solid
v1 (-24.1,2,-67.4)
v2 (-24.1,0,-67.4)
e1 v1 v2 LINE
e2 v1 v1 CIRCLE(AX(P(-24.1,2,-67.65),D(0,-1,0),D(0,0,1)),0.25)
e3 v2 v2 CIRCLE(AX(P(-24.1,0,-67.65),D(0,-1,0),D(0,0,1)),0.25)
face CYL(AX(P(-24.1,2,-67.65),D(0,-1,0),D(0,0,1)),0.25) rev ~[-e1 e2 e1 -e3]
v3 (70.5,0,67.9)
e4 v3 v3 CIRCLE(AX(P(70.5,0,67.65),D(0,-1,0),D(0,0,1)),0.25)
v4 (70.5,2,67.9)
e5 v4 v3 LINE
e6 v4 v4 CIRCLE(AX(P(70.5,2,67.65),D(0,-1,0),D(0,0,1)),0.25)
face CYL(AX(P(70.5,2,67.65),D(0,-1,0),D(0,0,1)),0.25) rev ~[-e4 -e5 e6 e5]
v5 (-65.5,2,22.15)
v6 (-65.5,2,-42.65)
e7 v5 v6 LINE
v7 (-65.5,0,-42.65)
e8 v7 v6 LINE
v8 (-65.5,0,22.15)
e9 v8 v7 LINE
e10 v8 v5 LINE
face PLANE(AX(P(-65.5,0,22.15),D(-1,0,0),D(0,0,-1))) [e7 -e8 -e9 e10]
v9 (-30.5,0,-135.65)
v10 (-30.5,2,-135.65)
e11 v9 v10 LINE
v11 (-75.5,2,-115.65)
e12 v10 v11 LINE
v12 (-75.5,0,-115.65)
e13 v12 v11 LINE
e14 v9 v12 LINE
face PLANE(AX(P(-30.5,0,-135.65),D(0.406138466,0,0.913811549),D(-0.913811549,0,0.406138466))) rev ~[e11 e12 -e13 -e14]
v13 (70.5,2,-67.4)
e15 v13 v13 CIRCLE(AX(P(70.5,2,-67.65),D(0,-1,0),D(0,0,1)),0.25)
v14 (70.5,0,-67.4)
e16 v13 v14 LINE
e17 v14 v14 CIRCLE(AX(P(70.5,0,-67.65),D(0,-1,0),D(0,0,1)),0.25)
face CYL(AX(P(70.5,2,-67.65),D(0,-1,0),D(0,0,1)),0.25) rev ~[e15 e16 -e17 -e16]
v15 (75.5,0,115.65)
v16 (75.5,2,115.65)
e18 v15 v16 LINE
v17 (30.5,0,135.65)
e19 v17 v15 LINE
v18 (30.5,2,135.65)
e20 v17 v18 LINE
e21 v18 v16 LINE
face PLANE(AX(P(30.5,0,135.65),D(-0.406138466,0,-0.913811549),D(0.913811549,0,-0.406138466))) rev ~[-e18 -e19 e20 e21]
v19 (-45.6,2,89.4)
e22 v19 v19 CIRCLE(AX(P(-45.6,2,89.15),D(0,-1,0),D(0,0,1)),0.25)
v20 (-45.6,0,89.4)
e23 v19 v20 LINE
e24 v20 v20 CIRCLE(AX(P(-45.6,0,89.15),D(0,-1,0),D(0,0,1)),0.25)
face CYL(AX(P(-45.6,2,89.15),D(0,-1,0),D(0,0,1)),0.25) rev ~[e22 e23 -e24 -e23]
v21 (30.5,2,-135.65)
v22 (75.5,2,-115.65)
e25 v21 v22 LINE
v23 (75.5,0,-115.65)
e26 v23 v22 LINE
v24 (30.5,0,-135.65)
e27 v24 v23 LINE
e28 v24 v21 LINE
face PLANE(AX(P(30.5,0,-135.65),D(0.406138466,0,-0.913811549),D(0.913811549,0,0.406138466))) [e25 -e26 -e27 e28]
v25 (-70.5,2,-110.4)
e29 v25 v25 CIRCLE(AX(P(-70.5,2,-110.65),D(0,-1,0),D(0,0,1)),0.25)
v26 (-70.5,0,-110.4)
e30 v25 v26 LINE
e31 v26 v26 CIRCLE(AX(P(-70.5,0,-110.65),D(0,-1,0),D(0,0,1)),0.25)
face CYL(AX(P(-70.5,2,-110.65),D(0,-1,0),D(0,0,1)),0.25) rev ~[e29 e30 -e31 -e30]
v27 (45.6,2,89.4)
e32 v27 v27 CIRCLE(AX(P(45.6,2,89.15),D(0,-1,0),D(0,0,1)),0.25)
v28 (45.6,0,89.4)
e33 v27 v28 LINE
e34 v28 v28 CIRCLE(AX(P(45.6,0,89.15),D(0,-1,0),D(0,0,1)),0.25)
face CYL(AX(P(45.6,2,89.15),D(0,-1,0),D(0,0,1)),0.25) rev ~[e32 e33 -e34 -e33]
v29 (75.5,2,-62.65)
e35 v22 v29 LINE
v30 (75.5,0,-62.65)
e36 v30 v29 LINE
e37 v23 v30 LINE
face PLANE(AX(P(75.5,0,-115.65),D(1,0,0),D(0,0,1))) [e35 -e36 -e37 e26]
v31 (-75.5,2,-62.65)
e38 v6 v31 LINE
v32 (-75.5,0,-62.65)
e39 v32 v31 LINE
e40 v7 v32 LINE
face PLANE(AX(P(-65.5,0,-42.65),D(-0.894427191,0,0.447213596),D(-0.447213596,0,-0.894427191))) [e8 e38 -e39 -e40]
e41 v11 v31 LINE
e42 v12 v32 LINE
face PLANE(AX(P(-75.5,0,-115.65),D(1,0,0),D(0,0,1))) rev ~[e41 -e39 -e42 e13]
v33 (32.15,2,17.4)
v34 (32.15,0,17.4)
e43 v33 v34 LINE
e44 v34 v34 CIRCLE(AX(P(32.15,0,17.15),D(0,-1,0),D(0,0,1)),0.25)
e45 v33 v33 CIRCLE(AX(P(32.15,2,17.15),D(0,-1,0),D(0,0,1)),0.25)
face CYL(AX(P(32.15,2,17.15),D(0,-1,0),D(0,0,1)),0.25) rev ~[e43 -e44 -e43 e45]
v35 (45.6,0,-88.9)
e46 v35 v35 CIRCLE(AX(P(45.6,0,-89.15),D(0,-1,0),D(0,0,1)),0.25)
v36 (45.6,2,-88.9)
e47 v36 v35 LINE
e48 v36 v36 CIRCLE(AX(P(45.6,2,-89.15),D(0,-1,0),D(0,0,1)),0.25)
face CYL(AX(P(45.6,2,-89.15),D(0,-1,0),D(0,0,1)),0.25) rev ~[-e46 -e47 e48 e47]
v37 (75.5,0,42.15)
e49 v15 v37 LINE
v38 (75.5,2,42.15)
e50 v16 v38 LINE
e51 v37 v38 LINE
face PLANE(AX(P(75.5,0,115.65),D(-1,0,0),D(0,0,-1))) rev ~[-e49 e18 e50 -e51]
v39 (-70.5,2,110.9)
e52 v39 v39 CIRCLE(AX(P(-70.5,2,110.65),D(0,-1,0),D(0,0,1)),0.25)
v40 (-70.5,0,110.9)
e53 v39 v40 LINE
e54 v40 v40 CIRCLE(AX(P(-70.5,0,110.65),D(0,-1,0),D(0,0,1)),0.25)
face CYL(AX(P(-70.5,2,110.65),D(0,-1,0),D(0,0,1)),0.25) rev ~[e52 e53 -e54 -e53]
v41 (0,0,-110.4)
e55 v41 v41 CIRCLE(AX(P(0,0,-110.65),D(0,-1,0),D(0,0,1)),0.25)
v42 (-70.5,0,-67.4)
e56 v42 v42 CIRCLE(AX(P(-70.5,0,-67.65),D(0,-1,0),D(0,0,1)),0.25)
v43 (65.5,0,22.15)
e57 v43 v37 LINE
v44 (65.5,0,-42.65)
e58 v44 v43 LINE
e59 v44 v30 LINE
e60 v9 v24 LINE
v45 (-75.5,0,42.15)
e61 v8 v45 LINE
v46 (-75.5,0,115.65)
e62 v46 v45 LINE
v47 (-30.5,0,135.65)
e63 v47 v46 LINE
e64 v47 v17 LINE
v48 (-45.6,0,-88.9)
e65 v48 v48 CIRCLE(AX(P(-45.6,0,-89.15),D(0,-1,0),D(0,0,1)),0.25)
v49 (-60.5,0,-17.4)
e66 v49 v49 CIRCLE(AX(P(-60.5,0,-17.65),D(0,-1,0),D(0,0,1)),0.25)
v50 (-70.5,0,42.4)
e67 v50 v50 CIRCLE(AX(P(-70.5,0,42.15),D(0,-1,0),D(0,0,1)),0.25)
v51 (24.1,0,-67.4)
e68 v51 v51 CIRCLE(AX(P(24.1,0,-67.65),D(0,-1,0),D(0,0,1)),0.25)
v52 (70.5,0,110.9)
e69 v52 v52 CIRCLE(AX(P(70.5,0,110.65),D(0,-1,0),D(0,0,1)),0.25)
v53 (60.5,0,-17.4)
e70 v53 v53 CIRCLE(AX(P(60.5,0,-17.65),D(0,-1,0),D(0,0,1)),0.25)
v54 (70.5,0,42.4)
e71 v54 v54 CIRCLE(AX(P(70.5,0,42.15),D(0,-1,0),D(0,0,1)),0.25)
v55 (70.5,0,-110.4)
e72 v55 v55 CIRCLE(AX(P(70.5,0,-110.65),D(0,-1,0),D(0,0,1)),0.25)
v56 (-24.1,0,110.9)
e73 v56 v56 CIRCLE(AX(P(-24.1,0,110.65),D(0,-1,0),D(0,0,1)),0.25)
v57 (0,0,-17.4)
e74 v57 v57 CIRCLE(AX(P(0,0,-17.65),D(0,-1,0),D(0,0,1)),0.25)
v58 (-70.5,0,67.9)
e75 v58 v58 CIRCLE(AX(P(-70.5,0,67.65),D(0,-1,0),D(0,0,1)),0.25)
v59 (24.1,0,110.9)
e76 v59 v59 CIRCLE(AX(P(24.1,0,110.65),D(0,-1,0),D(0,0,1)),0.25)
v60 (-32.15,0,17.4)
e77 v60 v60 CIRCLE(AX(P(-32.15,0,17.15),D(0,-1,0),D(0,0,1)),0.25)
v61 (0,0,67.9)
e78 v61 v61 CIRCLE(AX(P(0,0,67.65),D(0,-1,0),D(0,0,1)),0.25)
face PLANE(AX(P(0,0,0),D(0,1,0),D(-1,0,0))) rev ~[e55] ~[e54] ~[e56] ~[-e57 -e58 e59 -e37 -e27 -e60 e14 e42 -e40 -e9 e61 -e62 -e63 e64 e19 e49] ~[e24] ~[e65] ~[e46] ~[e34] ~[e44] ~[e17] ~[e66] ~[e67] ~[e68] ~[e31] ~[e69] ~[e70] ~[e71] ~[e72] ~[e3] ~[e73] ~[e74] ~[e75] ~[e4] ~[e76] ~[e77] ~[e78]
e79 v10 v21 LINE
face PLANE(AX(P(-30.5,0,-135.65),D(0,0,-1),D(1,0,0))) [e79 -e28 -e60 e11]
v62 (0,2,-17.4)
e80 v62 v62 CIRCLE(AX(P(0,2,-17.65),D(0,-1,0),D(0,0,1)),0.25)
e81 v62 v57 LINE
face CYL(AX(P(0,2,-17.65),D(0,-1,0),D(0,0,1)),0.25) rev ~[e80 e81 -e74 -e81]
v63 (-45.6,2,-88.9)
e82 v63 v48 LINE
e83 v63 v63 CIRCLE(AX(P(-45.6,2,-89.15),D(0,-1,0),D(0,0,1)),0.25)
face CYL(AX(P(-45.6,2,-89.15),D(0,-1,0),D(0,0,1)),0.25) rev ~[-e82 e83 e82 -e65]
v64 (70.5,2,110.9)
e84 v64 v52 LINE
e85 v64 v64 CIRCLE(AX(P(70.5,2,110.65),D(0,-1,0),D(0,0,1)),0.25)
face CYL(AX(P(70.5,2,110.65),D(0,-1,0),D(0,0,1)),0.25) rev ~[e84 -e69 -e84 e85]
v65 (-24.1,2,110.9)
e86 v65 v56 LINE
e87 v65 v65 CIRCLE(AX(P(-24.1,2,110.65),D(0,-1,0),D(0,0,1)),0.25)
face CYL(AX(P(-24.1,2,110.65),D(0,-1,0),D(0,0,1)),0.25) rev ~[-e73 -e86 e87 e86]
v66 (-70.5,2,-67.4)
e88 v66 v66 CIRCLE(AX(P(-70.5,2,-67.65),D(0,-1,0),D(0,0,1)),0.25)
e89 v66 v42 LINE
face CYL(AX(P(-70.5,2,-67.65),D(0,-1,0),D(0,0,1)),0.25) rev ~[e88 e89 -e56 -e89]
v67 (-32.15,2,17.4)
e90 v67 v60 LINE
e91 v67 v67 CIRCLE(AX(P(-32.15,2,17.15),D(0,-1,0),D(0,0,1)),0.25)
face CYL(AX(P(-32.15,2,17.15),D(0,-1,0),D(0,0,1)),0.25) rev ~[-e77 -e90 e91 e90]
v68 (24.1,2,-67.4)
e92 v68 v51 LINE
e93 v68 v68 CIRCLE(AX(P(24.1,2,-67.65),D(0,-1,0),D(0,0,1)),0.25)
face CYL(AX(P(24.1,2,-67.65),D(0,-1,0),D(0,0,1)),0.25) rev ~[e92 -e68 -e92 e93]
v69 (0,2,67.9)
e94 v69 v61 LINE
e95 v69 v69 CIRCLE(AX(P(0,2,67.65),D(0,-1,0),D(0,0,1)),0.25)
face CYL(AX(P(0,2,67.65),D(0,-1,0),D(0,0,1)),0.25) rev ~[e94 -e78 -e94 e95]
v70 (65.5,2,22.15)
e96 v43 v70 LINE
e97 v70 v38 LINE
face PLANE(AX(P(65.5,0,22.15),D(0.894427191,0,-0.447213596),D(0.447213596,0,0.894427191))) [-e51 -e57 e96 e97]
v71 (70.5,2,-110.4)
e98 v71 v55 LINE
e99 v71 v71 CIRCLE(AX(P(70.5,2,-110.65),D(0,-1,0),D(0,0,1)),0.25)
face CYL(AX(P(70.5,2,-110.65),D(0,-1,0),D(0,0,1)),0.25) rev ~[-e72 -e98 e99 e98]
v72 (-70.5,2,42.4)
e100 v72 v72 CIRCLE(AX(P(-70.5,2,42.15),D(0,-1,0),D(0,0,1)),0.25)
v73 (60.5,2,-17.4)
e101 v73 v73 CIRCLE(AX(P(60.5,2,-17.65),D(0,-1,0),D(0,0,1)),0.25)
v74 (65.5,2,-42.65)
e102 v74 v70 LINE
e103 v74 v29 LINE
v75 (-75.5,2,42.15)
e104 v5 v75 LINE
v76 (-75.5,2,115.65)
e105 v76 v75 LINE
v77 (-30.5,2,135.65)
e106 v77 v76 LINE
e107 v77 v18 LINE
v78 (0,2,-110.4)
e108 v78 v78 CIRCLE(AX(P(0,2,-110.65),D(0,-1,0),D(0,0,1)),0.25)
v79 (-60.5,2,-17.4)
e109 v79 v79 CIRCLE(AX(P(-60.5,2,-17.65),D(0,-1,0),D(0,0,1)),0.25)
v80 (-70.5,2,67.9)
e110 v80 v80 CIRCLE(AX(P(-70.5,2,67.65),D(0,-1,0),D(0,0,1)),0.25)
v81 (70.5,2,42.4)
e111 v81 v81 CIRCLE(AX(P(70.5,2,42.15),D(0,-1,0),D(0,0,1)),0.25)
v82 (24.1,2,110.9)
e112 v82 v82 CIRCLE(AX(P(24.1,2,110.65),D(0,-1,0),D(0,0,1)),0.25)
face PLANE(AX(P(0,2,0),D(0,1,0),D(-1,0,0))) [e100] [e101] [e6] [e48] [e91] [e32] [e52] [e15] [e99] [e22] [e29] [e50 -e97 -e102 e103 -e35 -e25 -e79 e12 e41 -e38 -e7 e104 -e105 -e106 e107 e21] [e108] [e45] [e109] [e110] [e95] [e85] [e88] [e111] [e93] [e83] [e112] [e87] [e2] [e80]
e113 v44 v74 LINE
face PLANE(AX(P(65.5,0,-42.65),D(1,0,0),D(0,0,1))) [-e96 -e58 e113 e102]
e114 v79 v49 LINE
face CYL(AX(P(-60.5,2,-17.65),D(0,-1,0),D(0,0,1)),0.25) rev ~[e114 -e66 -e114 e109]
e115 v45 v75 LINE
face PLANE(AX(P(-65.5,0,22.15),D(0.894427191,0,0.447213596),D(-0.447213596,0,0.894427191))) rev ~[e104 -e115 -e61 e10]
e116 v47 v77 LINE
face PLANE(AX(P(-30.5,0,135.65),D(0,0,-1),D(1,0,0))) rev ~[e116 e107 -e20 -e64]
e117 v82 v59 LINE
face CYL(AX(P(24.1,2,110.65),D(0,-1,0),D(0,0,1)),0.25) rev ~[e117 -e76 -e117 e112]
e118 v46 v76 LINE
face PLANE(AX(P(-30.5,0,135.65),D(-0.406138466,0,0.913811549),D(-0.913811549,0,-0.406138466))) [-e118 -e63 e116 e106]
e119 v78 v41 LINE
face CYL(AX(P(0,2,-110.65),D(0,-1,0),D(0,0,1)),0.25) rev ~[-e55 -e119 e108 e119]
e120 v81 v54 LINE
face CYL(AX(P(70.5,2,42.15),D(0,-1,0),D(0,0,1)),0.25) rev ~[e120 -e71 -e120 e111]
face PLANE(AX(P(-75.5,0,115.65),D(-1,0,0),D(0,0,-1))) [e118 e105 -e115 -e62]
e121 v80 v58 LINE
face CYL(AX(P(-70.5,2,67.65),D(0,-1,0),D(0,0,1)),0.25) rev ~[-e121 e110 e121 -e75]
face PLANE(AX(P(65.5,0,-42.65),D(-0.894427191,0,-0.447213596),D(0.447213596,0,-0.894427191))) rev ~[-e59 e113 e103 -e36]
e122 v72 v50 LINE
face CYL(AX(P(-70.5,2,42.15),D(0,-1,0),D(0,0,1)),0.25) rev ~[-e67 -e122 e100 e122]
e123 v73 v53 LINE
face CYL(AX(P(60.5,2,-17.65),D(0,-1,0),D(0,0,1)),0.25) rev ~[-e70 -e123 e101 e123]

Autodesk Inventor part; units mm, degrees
ref_plane "YZ Plane" through (0, 0, 0) normal (1, 0, 0) x (0, 1, 0)
ref_plane "XZ Plane" through (0, 0, 0) normal (0, 1, 0) x (-1, 0, 0)
ref_plane "XY Plane" through (0, 0, 0) normal (0, 0, 1) x (1, 0, 0)
sketch "Sketch1" plane through (0, 0, 0) normal (0, 1, 0) x (-1, 0, 0)
  line L0 (-75.5, -115.65) -> (-75.5, -62.65)
  line L1 (-65.5, -42.65) -> (-75.5, -62.65)
  line L2 (75.5, -115.65) -> (75.5, -62.65)
  line L3 (65.5, -42.65) -> (75.5, -62.65)
  line L4 (-75.5, 115.65) -> (-75.5, 42.15)
  line L5 (-65.5, 22.15) -> (-75.5, 42.15)
  line L6 (75.5, 115.65) -> (75.5, 42.15)
  line L7 (65.5, 22.15) -> (75.5, 42.15)
  line L8 (30.5, 135.65) -> (75.5, 115.65)
  line L9 (-30.5, 135.65) -> (-75.5, 115.65)
  line L10 (30.5, -135.65) -> (75.5, -115.65)
  line L11 (-30.5, -135.65) -> (-75.5, -115.65)
  line L12 (65.5, 22.15) -> (65.5, -42.65)
  line L13 (-65.5, -42.65) -> (-65.5, 22.15)
  line L14 (30.5, -135.65) -> (-30.5, -135.65)
  line L15 (30.5, 135.65) -> (-30.5, 135.65)
extrude "Extrusion1" add sketch "Sketch1" along normal blind 2
sketch "Sketch2" plane through (0, 2, 0) normal (0, 1, 0) x (1, 0, 0)
  circle A0 centre (-70.5, 110.65) radius 1.2
  circle A1 centre (-70.5, 67.65) radius 1.2
  circle A2 centre (70.5, 110.65) radius 1.2
  circle A3 centre (70.5, 67.65) radius 1.2
  circle A4 centre (0, 17.65) radius 1.2
  circle A5 centre (-60.5, 17.65) radius 1.2
  circle A6 centre (60.5, 17.65) radius 1.2
  circle A7 centre (-32.15, -17.15) radius 1.2
  circle A8 centre (32.15, -17.15) radius 1.2
  circle A9 centre (70.5, -42.15) radius 1.2
  circle A10 centre (70.5, -67.65) radius 1.2
  circle A11 centre (70.5, -110.65) radius 1.2
  circle A12 centre (-70.5, -67.65) radius 1.2
  circle A13 centre (-70.5, -110.65) radius 1.2
  circle A14 centre (-70.5, -42.15) radius 1.2
  circle A15 centre (0, -67.65) radius 1.2
  circle A16 centre (0, 110.65) radius 1.2
  circle A17 centre (-24.1, 67.65) radius 1.2
  circle A18 centre (24.1, 67.65) radius 1.2
  circle A19 centre (-24.1, -110.65) radius 1.2
  circle A20 centre (24.1, -110.65) radius 1.2
  circle A21 centre (-45.6, 89.15) radius 1.2
  circle A22 centre (45.6, 89.15) radius 1.2
  circle A23 centre (45.6, -89.15) radius 1.2
  circle A24 centre (-45.6, -89.15) radius 1.2
hole "Hole1" at (-70.5, 2, -110.65) at (0, 2, -110.65) at (70.5, 2, -110.65) at (-45.6, 2, -89.15) at (45.6, 2, -89.15) at (-70.5, 2, -67.65) at (-24.1, 2, -67.65) at (24.1, 2, -67.65) at (70.5, 2, -67.65) at (-60.5, 2, -17.65) at (0, 2, -17.65) at (60.5, 2, -17.65) at (-32.15, 2, 17.15) at (32.15, 2, 17.15) at (-70.5, 2, 42.15) at (70.5, 2, 42.15) at (-70.5, 2, 67.65) at (0, 2, 67.65) at (70.5, 2, 67.65) at (-45.6, 2, 89.15) at (45.6, 2, 89.15) at (-70.5, 2, 110.65) at (-24.1, 2, 110.65) at (24.1, 2, 110.65) at (70.5, 2, 110.65) direction (0, -1, 0) diameter 0.5 depth 2
properties part number "podvozek_sablona"
